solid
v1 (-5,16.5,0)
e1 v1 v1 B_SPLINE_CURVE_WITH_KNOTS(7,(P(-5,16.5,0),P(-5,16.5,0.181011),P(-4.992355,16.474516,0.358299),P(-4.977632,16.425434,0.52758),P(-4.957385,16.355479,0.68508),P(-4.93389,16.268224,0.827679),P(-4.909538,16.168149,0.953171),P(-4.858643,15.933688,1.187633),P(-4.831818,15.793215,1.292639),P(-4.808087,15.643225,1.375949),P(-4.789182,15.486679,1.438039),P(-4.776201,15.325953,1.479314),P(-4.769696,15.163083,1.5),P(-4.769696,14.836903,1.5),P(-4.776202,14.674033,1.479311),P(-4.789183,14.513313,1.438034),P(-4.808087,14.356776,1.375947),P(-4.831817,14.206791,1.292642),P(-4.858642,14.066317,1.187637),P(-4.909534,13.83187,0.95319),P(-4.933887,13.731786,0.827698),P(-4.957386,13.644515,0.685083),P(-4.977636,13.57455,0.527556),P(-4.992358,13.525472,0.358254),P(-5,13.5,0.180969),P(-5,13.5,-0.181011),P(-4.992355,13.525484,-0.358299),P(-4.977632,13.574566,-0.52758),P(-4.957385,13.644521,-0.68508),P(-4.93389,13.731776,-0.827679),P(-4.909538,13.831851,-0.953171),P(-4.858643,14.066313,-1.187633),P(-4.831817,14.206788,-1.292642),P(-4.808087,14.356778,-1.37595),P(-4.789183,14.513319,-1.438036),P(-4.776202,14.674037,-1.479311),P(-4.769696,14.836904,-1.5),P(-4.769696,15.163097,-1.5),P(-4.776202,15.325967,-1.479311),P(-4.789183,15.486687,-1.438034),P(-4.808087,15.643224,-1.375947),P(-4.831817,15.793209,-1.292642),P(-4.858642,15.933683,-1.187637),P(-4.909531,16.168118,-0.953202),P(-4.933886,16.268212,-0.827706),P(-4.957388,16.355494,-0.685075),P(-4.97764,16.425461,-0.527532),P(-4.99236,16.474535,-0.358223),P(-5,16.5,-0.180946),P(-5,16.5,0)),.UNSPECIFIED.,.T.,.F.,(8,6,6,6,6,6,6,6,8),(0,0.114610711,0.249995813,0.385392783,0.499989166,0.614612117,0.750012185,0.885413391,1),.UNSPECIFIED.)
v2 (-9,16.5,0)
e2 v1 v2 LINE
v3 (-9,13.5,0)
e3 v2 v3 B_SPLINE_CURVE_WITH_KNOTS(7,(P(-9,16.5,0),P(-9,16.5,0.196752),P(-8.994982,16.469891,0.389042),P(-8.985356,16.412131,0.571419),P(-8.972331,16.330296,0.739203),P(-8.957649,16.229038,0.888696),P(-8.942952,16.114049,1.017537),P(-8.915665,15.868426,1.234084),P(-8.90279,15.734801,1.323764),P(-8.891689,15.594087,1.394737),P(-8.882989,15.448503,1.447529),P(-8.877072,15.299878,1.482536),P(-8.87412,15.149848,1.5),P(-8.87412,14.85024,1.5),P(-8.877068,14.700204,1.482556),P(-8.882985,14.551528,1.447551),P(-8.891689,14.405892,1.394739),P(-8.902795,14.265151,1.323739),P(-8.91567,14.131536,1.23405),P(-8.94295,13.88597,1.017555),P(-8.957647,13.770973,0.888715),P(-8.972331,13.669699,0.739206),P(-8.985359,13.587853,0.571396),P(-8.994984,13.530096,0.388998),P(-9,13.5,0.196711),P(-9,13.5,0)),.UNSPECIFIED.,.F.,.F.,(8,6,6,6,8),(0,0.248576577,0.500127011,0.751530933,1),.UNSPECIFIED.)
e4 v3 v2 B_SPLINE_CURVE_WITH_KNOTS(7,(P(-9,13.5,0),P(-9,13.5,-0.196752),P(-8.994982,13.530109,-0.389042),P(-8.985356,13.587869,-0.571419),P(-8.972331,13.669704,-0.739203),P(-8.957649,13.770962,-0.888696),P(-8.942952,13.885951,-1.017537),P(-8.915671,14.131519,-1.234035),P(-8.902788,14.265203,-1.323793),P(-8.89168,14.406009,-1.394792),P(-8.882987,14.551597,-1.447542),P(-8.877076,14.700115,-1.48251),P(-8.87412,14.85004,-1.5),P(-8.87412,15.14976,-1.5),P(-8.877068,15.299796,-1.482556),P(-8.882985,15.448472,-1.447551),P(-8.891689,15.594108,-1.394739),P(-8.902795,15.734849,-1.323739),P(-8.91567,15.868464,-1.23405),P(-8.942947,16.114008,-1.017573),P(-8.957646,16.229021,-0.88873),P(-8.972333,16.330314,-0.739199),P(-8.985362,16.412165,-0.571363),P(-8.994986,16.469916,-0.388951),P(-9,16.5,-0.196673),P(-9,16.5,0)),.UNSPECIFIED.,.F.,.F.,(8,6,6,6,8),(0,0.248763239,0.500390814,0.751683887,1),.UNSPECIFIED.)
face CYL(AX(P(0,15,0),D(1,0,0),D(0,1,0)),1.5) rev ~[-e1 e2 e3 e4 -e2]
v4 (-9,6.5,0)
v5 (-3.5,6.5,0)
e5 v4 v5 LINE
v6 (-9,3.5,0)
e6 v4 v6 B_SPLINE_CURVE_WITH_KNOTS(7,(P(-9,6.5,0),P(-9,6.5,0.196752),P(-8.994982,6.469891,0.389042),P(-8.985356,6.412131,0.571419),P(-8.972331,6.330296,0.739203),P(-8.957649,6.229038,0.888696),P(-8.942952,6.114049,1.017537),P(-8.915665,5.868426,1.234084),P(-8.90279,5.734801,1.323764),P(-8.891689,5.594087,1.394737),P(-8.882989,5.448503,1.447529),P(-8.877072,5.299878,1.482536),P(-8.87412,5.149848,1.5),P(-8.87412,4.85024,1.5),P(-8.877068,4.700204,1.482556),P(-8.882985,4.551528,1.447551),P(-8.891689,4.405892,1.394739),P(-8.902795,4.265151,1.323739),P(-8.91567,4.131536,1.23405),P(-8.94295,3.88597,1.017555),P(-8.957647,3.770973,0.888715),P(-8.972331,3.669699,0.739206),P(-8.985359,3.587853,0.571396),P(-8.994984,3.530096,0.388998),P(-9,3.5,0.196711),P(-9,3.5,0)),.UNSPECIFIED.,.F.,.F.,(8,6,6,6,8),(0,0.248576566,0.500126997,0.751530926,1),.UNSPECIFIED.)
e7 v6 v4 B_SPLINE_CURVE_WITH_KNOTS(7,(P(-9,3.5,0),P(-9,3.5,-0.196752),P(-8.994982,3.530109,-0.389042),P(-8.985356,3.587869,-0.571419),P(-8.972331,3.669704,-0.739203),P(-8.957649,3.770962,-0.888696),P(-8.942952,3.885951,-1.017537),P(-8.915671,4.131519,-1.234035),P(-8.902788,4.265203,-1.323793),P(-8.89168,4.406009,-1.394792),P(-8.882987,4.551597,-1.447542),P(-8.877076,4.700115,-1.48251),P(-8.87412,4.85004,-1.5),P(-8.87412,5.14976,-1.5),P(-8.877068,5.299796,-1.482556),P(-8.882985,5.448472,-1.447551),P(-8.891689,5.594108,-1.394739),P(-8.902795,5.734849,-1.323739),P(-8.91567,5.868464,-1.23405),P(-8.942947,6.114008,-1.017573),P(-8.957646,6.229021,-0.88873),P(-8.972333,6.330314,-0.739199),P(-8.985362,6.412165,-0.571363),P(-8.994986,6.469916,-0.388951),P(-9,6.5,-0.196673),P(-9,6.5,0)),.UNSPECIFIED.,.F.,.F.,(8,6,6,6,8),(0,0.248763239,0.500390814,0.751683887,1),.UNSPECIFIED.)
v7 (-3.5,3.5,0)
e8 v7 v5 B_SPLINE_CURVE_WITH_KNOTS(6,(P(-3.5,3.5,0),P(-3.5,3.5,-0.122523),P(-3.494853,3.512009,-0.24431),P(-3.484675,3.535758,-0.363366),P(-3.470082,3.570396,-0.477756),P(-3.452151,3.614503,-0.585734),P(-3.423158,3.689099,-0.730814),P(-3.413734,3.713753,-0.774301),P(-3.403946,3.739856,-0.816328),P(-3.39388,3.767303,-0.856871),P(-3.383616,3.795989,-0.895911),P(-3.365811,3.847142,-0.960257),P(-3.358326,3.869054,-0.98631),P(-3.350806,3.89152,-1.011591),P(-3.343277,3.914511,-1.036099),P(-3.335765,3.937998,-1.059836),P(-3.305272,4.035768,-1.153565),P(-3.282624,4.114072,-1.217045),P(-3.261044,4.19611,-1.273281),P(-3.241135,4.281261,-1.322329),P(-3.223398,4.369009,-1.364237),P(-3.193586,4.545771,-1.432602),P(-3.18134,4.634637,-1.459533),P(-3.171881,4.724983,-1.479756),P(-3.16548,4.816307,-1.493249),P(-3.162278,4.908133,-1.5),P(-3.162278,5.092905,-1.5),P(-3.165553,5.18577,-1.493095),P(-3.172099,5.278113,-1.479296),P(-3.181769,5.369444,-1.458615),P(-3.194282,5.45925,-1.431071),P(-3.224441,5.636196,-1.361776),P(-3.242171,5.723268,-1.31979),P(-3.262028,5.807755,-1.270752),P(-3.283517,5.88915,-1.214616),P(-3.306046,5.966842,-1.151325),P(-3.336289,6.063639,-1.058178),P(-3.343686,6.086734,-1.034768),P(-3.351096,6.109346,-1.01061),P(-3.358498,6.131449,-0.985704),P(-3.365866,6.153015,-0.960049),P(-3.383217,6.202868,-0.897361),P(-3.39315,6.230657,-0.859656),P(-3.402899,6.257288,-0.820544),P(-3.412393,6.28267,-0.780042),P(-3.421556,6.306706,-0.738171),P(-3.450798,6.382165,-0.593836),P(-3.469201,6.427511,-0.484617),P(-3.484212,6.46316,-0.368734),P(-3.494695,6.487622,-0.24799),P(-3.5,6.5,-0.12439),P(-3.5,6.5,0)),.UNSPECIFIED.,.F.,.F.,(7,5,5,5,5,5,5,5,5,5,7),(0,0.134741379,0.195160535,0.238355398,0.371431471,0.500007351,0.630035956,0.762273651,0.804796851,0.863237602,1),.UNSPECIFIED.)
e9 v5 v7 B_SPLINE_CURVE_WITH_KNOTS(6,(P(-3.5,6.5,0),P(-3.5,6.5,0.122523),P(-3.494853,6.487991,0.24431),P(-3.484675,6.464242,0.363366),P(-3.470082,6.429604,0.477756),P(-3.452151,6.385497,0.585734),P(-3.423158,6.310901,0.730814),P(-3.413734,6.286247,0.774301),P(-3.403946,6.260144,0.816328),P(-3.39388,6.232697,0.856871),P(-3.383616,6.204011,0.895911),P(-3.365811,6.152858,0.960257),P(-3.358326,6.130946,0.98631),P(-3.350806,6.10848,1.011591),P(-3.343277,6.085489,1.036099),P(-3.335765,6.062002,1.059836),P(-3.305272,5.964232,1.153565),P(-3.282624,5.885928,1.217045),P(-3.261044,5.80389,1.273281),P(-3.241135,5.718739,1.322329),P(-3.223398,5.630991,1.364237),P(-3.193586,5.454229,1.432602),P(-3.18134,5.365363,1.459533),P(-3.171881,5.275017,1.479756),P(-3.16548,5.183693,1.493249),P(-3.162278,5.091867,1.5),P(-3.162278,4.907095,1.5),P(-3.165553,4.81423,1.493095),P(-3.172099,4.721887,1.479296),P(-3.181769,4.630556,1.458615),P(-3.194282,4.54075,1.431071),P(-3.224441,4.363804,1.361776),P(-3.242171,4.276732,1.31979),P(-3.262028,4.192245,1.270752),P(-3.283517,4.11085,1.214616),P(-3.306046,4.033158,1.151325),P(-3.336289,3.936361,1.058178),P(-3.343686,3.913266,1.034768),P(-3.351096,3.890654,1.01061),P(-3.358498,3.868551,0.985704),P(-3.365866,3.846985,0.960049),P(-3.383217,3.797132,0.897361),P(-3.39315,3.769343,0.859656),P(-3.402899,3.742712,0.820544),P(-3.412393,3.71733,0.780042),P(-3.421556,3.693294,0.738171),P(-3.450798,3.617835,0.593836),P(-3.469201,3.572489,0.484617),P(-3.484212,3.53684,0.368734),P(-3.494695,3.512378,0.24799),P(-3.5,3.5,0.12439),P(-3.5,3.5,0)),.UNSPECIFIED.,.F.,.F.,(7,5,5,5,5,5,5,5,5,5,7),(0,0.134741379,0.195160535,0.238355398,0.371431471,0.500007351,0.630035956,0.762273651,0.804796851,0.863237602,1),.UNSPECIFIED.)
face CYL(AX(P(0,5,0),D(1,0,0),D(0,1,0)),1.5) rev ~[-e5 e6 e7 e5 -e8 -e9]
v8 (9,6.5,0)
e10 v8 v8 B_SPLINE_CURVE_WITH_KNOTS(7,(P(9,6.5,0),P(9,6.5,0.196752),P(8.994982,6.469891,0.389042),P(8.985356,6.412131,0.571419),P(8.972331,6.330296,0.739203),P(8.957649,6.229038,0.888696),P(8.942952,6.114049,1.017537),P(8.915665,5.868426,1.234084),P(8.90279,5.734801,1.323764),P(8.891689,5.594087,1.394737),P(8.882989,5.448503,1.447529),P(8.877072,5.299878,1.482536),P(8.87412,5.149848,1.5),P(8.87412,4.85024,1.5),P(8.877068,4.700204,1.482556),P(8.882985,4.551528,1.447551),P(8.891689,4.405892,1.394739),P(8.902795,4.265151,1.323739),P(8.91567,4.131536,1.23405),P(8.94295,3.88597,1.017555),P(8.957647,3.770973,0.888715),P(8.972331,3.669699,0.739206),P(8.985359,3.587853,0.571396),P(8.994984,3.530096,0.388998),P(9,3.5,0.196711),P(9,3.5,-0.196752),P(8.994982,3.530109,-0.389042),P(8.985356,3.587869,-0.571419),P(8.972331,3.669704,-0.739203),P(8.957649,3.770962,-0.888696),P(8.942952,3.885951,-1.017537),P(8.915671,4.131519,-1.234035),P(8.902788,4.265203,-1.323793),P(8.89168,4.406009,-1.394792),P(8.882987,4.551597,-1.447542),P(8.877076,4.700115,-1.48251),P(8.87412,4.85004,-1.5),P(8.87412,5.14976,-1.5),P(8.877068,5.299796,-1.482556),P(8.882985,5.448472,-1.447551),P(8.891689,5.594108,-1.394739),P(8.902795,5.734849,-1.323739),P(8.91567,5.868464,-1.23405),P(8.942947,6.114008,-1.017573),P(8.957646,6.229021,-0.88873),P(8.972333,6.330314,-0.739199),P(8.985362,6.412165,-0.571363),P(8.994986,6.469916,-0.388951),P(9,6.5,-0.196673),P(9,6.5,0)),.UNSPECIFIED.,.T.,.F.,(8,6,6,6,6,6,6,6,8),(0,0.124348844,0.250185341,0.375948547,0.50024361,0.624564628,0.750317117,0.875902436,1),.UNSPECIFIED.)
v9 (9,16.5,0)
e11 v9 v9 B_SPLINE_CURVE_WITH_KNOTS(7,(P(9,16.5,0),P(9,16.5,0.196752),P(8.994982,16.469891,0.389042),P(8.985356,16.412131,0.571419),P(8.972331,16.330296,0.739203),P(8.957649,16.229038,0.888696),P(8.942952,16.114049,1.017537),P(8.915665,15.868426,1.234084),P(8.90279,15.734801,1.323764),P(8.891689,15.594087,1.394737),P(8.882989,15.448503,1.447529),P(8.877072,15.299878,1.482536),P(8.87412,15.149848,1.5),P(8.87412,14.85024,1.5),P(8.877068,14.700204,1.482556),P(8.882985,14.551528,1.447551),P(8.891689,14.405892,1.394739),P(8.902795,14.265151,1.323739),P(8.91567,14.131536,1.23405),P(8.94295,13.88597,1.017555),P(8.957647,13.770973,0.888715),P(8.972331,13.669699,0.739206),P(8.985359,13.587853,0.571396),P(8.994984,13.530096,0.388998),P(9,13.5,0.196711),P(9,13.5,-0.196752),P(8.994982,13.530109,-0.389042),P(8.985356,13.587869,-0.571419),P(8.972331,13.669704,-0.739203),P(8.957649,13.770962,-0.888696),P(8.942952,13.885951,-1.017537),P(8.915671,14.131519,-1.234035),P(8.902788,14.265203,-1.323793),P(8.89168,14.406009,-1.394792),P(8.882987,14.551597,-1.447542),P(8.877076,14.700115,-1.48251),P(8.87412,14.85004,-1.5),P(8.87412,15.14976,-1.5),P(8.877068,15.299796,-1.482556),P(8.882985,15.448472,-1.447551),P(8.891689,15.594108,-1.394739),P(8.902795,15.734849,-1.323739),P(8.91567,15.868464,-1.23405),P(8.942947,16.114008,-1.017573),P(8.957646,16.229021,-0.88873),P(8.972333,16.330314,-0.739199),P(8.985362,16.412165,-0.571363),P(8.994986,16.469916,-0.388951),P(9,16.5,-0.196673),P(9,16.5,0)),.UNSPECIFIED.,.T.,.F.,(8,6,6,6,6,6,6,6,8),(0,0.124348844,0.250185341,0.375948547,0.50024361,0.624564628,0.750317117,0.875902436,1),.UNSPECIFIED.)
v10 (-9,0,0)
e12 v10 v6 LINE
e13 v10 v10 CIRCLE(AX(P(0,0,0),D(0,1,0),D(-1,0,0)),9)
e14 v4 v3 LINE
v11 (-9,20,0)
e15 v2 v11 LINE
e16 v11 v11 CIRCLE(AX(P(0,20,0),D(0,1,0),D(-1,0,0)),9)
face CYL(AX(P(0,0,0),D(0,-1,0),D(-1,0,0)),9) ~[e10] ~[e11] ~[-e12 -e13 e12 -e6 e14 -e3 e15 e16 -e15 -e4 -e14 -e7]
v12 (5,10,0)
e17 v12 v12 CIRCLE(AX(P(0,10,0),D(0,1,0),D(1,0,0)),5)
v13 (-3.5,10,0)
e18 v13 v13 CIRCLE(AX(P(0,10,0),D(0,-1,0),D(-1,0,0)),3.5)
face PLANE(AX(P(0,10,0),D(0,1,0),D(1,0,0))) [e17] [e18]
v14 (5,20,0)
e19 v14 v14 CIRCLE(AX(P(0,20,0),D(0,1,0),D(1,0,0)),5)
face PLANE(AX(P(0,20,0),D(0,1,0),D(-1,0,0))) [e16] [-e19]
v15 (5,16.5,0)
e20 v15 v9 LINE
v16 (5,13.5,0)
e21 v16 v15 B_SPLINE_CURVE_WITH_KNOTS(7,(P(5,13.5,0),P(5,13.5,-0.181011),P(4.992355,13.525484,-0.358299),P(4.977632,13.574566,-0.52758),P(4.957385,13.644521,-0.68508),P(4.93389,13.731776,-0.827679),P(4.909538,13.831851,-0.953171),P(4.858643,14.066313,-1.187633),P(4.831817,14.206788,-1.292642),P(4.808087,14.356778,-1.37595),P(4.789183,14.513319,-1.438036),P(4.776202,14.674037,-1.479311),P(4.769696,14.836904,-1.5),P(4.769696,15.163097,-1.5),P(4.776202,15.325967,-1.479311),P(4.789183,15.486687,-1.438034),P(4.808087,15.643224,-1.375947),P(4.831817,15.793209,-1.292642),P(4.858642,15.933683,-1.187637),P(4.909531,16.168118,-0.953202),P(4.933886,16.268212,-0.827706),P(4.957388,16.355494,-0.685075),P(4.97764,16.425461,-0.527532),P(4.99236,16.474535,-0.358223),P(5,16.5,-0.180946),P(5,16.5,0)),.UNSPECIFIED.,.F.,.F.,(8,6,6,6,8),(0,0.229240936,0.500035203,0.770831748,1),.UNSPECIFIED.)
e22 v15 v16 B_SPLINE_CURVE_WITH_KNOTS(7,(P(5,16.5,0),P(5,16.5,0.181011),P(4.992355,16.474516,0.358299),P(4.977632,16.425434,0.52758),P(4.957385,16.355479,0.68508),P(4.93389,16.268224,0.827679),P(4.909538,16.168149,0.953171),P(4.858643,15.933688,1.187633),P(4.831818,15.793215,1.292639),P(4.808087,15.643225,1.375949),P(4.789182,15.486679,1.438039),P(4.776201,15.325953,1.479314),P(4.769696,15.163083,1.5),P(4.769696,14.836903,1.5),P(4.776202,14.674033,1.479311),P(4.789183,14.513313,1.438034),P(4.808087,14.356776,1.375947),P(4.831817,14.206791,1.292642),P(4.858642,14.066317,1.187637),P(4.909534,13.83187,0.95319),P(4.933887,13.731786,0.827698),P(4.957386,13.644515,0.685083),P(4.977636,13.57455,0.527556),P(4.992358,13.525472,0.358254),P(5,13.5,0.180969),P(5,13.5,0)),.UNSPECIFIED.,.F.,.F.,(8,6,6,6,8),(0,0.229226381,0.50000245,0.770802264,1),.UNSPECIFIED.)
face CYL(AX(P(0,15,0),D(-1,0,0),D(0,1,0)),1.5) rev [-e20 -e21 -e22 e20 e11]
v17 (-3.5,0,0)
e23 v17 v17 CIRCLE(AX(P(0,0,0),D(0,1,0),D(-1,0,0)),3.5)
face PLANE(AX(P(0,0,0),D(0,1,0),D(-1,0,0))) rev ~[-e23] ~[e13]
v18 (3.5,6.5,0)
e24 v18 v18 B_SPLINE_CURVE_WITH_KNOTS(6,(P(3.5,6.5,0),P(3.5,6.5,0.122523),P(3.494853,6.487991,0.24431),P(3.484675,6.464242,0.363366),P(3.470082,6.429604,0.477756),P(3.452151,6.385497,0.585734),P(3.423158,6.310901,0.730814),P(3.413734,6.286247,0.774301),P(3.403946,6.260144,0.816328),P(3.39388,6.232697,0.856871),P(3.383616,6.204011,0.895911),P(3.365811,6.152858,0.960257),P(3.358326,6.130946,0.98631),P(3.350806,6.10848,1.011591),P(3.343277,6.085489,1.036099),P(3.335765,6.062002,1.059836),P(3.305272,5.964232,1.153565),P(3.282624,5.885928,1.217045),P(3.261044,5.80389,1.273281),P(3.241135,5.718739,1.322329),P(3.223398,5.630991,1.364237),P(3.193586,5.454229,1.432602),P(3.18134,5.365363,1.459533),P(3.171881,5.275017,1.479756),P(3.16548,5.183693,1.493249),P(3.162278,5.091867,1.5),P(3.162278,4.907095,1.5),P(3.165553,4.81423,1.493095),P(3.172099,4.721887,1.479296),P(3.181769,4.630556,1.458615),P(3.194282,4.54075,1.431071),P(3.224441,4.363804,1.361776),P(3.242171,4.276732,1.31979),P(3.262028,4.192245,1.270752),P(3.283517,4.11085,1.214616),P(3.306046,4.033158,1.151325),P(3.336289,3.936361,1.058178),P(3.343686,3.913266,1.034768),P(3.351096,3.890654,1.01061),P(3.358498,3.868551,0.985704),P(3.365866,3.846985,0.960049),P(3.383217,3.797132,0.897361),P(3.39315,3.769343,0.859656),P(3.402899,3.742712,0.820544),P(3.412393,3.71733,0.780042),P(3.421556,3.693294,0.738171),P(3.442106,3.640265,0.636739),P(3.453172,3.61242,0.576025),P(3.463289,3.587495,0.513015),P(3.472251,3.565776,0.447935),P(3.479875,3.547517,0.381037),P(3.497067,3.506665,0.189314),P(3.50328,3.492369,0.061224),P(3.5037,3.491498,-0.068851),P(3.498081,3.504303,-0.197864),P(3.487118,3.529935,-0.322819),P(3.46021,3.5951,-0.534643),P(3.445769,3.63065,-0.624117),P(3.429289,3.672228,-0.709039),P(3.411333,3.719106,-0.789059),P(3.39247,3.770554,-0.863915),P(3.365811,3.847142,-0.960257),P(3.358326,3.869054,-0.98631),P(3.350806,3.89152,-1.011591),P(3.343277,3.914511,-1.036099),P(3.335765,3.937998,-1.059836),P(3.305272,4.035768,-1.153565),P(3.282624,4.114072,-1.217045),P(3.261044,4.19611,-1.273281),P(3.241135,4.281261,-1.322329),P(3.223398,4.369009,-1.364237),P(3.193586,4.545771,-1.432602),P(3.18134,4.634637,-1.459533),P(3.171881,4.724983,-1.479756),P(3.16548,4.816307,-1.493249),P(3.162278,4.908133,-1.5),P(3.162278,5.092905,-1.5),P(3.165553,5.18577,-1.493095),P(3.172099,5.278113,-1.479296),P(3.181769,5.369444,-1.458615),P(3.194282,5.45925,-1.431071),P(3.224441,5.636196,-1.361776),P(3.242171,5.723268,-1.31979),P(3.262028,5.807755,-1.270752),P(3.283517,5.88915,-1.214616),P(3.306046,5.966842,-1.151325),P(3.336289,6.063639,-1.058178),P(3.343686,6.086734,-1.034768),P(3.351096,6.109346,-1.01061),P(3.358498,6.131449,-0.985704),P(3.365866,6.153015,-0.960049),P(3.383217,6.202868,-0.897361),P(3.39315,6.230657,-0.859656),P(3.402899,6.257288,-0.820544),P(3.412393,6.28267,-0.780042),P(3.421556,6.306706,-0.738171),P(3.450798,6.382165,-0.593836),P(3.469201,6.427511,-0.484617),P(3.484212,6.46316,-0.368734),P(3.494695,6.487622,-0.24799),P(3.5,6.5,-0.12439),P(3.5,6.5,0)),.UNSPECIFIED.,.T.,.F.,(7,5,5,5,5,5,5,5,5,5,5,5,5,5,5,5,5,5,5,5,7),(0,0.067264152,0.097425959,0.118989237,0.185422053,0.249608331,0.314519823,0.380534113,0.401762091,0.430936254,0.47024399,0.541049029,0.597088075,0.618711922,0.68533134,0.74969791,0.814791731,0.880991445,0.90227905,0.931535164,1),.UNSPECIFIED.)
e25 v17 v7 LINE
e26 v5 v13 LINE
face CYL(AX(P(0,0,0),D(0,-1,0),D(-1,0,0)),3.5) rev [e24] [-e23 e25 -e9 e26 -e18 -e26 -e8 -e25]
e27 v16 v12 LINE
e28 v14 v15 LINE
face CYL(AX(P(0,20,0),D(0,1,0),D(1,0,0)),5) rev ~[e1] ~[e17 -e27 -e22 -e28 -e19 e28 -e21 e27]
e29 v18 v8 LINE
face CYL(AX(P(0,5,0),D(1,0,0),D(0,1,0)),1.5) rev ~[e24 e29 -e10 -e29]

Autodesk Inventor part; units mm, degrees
ref_plane "YZ Plane" through (0, 0, 0) normal (1, 0, 0) x (0, 1, 0)
ref_plane "XZ Plane" through (0, 0, 0) normal (0, 1, 0) x (-1, 0, 0)
ref_plane "XY Plane" through (0, 0, 0) normal (0, 0, 1) x (1, 0, 0)
sketch "Эскиз1" plane through (0, 0, 0) normal (0, 1, 0) x (-1, 0, 0)
  circle A0 centre (0, 0) radius 3.5
  circle A1 centre (0, 0) radius 9
  dimension "d0" = 7
  dimension "d1" = 18
extrude "Выдавливание1" add sketch "Эскиз1" along normal blind 20
sketch "Эскиз2" plane through (0, 20, 0) normal (0, 1, 0) x (1, 0, 0)
  circle A0 centre (0, 0) radius 5
  dimension "d4" = 10
extrude "Выдавливание2" cut sketch "Эскиз2" against normal blind 10
sketch "Эскиз3" plane through (0, 0, 0) normal (1, 0, 0) x (0, 1, 0)
  line L0 (20, -9) -> (20, 9) projected
  line L1 (20, 0) -> (15, 0)
  line L2 (0, 0) -> (5, 0)
  circle A0 centre (15, 0) radius 1.5
  circle A1 centre (5, 0) radius 1.5
  dimension "d7" = 5
  dimension "d8" = 5
  dimension "d9" = 3
  dimension "d10" = 3
extrude "Выдавливание3" cut sketch "Эскиз3" along normal mid plane 27.5
thread "Резьба1" size "M3x0.5" class "6H" standard "ISO Metric profile" full length
thread "Резьба2" size "M3x0.5" class "6H" standard "ISO Metric profile" full length
sketch "Эскиз4" plane through (0, 0, 0) normal (0, 0, 1) x (1, 0, 0)
  line L0 (3.5, 10) -> (3.5, 0) projected
  line L1 (-5, 10) -> (5, 10) projected
  line L2 (-3.5, 10) -> (-3.5, 0) projected
  line L3 (-9, 6.5) -> (-3.5, 6.5) projected
  line L4 (-9, 3.5) -> (-3.5, 3.5) projected
  line L5 (3.5, 3.5) -> (9, 3.5) projected
  line L6 (3.5, 6.5) -> (9, 6.5) projected
  line L7 (-3.5, 5) -> (3.5, 5)
  line L8 (0, 5) -> (0, 0)
properties part number "Втулка энкодер"
